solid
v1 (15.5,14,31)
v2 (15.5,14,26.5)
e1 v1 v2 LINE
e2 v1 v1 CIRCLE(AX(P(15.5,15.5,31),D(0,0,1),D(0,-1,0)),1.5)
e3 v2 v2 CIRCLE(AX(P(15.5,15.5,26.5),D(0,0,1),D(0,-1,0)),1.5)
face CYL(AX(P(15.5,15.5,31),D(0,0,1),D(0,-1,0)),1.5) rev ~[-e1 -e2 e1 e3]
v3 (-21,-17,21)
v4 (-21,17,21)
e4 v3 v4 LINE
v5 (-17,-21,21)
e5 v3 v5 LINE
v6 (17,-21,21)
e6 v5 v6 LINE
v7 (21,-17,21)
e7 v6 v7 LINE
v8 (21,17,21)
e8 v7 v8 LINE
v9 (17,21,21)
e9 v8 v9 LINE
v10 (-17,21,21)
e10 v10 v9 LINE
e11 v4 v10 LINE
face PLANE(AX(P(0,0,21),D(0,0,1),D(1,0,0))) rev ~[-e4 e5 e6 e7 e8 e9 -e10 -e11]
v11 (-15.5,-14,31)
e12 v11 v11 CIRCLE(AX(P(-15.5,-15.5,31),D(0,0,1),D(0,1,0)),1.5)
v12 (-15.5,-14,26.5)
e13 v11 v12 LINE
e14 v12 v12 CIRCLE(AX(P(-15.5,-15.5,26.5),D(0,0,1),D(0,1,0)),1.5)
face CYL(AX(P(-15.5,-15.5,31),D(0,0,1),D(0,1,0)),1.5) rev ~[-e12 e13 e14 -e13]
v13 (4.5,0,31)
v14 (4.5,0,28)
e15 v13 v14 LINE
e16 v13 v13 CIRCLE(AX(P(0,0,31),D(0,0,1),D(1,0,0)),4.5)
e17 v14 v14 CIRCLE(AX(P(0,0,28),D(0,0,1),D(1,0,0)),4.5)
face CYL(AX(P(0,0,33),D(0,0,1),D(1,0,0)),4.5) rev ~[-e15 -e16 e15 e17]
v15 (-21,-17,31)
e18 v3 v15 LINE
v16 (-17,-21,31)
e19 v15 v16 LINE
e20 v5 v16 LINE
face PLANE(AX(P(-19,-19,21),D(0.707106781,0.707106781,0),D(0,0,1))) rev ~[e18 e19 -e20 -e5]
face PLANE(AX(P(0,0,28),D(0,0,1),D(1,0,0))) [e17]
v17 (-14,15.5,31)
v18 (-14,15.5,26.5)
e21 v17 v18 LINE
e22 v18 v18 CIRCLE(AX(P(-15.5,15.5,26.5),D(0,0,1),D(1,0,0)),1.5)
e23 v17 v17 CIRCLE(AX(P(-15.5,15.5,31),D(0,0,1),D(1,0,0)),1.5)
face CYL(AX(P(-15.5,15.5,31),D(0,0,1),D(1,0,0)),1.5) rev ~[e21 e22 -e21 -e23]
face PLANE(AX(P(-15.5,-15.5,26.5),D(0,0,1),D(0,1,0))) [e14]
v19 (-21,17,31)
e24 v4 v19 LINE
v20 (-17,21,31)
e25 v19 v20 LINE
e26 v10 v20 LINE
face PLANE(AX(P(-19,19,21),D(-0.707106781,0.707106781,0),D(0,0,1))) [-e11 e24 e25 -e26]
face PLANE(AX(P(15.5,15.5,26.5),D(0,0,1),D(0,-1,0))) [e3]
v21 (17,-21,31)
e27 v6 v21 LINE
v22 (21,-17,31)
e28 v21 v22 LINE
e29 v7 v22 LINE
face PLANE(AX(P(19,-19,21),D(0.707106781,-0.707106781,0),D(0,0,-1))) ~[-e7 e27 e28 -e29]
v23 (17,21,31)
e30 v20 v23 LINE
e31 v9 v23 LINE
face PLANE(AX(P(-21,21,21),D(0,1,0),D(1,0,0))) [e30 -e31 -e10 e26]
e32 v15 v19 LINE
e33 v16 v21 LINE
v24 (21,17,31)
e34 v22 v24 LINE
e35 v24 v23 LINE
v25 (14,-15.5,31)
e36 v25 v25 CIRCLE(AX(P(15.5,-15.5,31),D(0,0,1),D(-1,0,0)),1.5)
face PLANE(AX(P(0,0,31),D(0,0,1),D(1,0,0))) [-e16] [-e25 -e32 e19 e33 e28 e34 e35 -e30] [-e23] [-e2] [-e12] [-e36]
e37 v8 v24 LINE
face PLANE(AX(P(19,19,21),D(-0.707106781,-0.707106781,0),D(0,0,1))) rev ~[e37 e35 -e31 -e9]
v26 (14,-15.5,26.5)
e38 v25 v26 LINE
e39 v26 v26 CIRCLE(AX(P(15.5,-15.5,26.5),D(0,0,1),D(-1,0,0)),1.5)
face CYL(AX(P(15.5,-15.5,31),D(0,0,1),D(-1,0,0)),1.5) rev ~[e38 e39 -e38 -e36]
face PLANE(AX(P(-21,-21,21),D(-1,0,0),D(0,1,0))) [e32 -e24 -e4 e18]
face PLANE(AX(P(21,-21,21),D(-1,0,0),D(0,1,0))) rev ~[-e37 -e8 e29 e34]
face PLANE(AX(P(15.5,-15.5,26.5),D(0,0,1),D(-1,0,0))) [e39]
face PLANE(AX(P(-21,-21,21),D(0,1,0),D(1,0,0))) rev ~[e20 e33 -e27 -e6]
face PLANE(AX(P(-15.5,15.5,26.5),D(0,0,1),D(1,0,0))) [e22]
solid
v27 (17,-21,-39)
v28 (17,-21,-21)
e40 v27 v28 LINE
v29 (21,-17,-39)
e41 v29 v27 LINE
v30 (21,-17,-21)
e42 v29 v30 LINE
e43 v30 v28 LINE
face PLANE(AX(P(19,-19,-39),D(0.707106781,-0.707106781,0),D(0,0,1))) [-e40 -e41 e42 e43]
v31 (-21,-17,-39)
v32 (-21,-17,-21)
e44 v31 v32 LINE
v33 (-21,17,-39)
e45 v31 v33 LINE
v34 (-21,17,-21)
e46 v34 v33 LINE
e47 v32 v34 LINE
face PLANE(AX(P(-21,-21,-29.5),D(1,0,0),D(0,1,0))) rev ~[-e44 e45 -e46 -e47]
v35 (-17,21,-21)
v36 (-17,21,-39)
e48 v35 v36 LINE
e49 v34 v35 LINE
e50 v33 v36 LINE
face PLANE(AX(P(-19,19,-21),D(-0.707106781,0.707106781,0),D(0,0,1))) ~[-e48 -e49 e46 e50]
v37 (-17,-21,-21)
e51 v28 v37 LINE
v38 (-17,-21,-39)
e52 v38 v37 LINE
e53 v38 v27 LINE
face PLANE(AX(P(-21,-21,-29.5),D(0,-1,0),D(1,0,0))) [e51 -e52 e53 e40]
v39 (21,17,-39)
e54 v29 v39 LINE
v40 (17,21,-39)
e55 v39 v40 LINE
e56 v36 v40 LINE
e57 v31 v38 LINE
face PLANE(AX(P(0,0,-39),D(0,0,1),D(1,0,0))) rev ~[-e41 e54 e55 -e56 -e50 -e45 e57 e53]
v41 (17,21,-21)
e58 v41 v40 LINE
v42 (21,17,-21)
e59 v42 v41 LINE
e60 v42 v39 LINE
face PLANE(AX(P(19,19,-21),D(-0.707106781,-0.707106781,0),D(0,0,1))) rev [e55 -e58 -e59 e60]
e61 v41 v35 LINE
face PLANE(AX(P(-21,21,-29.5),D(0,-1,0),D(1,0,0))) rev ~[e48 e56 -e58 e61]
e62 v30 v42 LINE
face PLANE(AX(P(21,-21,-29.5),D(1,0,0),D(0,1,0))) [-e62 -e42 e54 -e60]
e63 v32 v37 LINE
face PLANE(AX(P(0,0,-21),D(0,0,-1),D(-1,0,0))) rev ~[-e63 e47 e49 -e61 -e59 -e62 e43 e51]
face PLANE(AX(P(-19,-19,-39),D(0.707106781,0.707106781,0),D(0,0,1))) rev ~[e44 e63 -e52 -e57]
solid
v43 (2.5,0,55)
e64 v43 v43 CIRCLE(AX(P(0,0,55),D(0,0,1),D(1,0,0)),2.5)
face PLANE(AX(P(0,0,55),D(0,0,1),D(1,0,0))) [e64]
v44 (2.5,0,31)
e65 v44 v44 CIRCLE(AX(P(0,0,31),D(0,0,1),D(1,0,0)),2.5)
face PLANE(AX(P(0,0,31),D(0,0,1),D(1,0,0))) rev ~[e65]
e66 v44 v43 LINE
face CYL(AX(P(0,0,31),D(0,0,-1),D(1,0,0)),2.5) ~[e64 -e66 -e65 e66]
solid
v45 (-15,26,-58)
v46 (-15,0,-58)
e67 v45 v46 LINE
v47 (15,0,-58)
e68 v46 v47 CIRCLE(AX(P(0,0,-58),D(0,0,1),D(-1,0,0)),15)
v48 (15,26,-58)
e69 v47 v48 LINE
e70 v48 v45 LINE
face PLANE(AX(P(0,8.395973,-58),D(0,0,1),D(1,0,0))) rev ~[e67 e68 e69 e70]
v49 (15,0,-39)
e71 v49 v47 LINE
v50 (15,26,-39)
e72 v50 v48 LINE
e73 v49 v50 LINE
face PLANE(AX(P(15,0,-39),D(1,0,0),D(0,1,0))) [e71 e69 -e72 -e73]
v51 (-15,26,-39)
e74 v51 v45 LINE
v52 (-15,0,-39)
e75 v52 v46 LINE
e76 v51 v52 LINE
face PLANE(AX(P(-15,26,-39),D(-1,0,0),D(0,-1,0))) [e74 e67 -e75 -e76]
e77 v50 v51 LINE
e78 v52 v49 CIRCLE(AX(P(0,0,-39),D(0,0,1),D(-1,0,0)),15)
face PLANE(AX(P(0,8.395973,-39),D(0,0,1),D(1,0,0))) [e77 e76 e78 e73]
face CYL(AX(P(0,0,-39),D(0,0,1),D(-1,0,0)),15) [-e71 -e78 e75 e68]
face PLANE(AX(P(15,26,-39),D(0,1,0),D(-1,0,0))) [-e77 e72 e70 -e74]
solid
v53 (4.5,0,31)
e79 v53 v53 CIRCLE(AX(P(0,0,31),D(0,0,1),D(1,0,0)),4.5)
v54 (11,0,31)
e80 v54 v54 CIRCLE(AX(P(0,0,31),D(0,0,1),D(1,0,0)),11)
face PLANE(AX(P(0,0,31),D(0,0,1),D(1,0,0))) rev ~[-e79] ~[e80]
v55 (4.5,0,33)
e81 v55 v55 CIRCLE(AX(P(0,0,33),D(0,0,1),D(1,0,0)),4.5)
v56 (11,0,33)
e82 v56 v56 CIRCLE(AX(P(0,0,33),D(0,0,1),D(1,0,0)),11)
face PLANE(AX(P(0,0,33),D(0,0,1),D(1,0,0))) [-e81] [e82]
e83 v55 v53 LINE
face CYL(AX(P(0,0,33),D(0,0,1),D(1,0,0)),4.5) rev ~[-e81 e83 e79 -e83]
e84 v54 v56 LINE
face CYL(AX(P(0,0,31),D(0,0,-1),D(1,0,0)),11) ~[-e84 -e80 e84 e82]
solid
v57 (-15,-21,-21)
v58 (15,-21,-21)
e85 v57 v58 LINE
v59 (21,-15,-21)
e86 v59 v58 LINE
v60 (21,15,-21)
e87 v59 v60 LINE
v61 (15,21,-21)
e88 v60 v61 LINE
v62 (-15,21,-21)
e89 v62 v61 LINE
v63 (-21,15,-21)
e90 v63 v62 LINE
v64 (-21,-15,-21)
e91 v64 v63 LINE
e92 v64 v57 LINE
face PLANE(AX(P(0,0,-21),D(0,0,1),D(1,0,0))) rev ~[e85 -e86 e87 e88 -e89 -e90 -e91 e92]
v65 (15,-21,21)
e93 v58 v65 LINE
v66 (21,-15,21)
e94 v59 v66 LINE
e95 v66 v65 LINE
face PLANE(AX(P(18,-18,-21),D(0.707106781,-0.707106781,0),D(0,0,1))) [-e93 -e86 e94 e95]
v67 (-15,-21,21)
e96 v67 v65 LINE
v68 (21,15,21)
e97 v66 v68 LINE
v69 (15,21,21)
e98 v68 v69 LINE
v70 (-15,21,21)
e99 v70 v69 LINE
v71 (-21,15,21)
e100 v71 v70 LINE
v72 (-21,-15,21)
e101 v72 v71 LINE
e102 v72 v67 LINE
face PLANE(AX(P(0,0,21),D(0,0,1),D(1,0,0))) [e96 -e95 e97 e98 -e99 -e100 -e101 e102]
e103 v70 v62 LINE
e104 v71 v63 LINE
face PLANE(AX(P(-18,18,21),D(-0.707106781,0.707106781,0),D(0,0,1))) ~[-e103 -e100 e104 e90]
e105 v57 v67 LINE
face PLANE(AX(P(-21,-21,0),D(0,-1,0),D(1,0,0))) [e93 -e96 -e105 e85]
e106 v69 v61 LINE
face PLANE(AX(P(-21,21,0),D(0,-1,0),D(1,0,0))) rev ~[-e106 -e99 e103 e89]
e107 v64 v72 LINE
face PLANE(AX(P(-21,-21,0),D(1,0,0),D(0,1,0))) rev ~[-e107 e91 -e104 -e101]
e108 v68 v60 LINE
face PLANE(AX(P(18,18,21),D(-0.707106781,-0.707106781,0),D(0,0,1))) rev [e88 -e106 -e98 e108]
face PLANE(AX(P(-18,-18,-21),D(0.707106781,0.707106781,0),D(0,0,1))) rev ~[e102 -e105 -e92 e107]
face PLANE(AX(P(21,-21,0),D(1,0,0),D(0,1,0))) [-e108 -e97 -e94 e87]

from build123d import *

# Parameters (mm, degrees)
SKETCH_1_W               = 42
SKETCH_1_H               = 42
EXTRUDE_1_DEPTH          = 21
CHAMFER_1_SIZE           = 6
SKETCH_15_W              = 42
SKETCH_15_H              = 42
EXTRUDE_11_DEPTH         = 10
SKETCH_16_W              = 42
SKETCH_16_H              = 42
EXTRUDE_12_DEPTH         = 8.5
SKETCH_17_W              = 42
SKETCH_17_H              = 42
EXTRUDE_13_DEPTH         = 9.5
CHAMFER_2_SIZE           = 4
CHAMFER_3_SIZE           = 4
SKETCH_2_R               = 11
EXTRUDE_2_DEPTH          = 2
SKETCH_3_R               = 4.5
CUT_EXTRUDE_1_DEPTH      = 5
SKETCH_6_R               = 2.5
EXTRUDE_9_DEPTH          = 24
EXTRUDE_10_DEPTH         = 19
SKETCH_8_R               = 1.5
CUT_EXTRUDE_3_DEPTH      = 4.5
PATTERN_CIRCULAR_1_COUNT = 4


with BuildPart() as part:
    # 草圖1 → 填料-伸長1 (new body, symmetric)
    with BuildSketch(Plane.XY):
        Rectangle(SKETCH_1_W, SKETCH_1_H)
    extrude(amount=EXTRUDE_1_DEPTH, both=True)

    # 導角1
    chamfer_1_edges = [part.edges().sort_by_distance(p)[0] for p in [
        (21, -21, 0),
        (-21, -21, 0),
        (-21, 21, 0),
        (21, 21, 0),
    ]]
    chamfer(chamfer_1_edges, length=CHAMFER_1_SIZE)


with BuildPart() as body_2:
    # 草圖15 → 填料-伸長11 (new body)
    with BuildSketch(Plane.XY.offset(21)):
        Rectangle(SKETCH_15_W, SKETCH_15_H)
    extrude(amount=EXTRUDE_11_DEPTH)

    # 導角2
    chamfer_2_edges = [body_2.edges().sort_by_distance(p)[0] for p in [
        (21, -21, 26),
        (-21, -21, 26),
        (-21, 21, 26),
        (21, 21, 26),
    ]]
    chamfer(chamfer_2_edges, length=CHAMFER_2_SIZE)


with BuildPart() as body_3:
    # 草圖16 → 填料-伸長12 (new body)
    with BuildSketch(Plane(origin=(0, 0, -21), x_dir=(-1, 0, 0), z_dir=(0, 0, -1))):
        Rectangle(SKETCH_16_W, SKETCH_16_H)
    extrude(amount=EXTRUDE_12_DEPTH)

    # 草圖17 → 填料-伸長13 (add)
    with BuildSketch(Plane.XY.offset(-29.5)):
        Rectangle(SKETCH_17_W, SKETCH_17_H)
    extrude(amount=-EXTRUDE_13_DEPTH)

    # 導角3
    chamfer_3_edges = [body_3.edges().sort_by_distance(p)[0] for p in [
        (-21, -21, -30),
        (21, -21, -30),
        (21, 21, -30),
        (-21, 21, -30),
    ]]
    chamfer(chamfer_3_edges, length=CHAMFER_3_SIZE)


with BuildPart() as body_4:
    # 草圖2 → 填料-伸長2 (new body)
    with BuildSketch(Plane.XY.offset(31)):
        Circle(SKETCH_2_R)
    extrude(amount=EXTRUDE_2_DEPTH)


with BuildPart() as cut_extrude_1_tool:
    # 草圖3 → 除料-伸長1 (new body)
    with BuildSketch(Plane.XY.offset(33)):
        Circle(SKETCH_3_R)
    extrude(amount=-CUT_EXTRUDE_1_DEPTH)


with BuildPart() as body_2_1:
    add(body_2.part)

    # 除料-伸長1: cut by cut_extrude_1_tool
    add(cut_extrude_1_tool.part, mode=Mode.SUBTRACT)

    # 草圖8 → 除料-伸長3 (cut)
    with BuildSketch(Plane.XY.offset(31)):
        with Locations((-15.5, 15.5)):
            Circle(SKETCH_8_R)
    cut_extrude_3 = extrude(amount=-CUT_EXTRUDE_3_DEPTH, mode=Mode.SUBTRACT)

    # 環狀複製排列1: 除料-伸長3 ×4 about axis
    pattern_circular_1_axis = Axis((0, 0, 0), (0, 0, 1))
    for i in range(1, PATTERN_CIRCULAR_1_COUNT):
        add(cut_extrude_3.rotate(pattern_circular_1_axis, i * 360 / PATTERN_CIRCULAR_1_COUNT), mode=Mode.SUBTRACT)


with BuildPart() as body_4_1:
    add(body_4.part)

    # 除料-伸長1: cut by cut_extrude_1_tool
    add(cut_extrude_1_tool.part, mode=Mode.SUBTRACT)


with BuildPart() as body_5:
    # 草圖6 → 填料-伸長9 (new body)
    with BuildSketch(Plane.XY.offset(31)):
        Circle(SKETCH_6_R)
    extrude(amount=EXTRUDE_9_DEPTH)


with BuildPart() as body_6:
    # 草圖9 → 填料-伸長10 (new body)
    with BuildSketch(Plane(origin=(0, 0, -39), x_dir=(-1, 0, 0), z_dir=(0, 0, -1))):
        with BuildLine():
            Line((-15, 0), (-15, 26))
            Line((-15, 26), (15, 26))
            Line((15, 26), (15, 0))
            ThreePointArc((15, 0), (0, -15), (-15, 0))
        make_face()
    extrude(amount=EXTRUDE_10_DEPTH)


solid = Compound([part.part, body_3.part, body_2_1.part, body_4_1.part, body_5.part, body_6.part])
